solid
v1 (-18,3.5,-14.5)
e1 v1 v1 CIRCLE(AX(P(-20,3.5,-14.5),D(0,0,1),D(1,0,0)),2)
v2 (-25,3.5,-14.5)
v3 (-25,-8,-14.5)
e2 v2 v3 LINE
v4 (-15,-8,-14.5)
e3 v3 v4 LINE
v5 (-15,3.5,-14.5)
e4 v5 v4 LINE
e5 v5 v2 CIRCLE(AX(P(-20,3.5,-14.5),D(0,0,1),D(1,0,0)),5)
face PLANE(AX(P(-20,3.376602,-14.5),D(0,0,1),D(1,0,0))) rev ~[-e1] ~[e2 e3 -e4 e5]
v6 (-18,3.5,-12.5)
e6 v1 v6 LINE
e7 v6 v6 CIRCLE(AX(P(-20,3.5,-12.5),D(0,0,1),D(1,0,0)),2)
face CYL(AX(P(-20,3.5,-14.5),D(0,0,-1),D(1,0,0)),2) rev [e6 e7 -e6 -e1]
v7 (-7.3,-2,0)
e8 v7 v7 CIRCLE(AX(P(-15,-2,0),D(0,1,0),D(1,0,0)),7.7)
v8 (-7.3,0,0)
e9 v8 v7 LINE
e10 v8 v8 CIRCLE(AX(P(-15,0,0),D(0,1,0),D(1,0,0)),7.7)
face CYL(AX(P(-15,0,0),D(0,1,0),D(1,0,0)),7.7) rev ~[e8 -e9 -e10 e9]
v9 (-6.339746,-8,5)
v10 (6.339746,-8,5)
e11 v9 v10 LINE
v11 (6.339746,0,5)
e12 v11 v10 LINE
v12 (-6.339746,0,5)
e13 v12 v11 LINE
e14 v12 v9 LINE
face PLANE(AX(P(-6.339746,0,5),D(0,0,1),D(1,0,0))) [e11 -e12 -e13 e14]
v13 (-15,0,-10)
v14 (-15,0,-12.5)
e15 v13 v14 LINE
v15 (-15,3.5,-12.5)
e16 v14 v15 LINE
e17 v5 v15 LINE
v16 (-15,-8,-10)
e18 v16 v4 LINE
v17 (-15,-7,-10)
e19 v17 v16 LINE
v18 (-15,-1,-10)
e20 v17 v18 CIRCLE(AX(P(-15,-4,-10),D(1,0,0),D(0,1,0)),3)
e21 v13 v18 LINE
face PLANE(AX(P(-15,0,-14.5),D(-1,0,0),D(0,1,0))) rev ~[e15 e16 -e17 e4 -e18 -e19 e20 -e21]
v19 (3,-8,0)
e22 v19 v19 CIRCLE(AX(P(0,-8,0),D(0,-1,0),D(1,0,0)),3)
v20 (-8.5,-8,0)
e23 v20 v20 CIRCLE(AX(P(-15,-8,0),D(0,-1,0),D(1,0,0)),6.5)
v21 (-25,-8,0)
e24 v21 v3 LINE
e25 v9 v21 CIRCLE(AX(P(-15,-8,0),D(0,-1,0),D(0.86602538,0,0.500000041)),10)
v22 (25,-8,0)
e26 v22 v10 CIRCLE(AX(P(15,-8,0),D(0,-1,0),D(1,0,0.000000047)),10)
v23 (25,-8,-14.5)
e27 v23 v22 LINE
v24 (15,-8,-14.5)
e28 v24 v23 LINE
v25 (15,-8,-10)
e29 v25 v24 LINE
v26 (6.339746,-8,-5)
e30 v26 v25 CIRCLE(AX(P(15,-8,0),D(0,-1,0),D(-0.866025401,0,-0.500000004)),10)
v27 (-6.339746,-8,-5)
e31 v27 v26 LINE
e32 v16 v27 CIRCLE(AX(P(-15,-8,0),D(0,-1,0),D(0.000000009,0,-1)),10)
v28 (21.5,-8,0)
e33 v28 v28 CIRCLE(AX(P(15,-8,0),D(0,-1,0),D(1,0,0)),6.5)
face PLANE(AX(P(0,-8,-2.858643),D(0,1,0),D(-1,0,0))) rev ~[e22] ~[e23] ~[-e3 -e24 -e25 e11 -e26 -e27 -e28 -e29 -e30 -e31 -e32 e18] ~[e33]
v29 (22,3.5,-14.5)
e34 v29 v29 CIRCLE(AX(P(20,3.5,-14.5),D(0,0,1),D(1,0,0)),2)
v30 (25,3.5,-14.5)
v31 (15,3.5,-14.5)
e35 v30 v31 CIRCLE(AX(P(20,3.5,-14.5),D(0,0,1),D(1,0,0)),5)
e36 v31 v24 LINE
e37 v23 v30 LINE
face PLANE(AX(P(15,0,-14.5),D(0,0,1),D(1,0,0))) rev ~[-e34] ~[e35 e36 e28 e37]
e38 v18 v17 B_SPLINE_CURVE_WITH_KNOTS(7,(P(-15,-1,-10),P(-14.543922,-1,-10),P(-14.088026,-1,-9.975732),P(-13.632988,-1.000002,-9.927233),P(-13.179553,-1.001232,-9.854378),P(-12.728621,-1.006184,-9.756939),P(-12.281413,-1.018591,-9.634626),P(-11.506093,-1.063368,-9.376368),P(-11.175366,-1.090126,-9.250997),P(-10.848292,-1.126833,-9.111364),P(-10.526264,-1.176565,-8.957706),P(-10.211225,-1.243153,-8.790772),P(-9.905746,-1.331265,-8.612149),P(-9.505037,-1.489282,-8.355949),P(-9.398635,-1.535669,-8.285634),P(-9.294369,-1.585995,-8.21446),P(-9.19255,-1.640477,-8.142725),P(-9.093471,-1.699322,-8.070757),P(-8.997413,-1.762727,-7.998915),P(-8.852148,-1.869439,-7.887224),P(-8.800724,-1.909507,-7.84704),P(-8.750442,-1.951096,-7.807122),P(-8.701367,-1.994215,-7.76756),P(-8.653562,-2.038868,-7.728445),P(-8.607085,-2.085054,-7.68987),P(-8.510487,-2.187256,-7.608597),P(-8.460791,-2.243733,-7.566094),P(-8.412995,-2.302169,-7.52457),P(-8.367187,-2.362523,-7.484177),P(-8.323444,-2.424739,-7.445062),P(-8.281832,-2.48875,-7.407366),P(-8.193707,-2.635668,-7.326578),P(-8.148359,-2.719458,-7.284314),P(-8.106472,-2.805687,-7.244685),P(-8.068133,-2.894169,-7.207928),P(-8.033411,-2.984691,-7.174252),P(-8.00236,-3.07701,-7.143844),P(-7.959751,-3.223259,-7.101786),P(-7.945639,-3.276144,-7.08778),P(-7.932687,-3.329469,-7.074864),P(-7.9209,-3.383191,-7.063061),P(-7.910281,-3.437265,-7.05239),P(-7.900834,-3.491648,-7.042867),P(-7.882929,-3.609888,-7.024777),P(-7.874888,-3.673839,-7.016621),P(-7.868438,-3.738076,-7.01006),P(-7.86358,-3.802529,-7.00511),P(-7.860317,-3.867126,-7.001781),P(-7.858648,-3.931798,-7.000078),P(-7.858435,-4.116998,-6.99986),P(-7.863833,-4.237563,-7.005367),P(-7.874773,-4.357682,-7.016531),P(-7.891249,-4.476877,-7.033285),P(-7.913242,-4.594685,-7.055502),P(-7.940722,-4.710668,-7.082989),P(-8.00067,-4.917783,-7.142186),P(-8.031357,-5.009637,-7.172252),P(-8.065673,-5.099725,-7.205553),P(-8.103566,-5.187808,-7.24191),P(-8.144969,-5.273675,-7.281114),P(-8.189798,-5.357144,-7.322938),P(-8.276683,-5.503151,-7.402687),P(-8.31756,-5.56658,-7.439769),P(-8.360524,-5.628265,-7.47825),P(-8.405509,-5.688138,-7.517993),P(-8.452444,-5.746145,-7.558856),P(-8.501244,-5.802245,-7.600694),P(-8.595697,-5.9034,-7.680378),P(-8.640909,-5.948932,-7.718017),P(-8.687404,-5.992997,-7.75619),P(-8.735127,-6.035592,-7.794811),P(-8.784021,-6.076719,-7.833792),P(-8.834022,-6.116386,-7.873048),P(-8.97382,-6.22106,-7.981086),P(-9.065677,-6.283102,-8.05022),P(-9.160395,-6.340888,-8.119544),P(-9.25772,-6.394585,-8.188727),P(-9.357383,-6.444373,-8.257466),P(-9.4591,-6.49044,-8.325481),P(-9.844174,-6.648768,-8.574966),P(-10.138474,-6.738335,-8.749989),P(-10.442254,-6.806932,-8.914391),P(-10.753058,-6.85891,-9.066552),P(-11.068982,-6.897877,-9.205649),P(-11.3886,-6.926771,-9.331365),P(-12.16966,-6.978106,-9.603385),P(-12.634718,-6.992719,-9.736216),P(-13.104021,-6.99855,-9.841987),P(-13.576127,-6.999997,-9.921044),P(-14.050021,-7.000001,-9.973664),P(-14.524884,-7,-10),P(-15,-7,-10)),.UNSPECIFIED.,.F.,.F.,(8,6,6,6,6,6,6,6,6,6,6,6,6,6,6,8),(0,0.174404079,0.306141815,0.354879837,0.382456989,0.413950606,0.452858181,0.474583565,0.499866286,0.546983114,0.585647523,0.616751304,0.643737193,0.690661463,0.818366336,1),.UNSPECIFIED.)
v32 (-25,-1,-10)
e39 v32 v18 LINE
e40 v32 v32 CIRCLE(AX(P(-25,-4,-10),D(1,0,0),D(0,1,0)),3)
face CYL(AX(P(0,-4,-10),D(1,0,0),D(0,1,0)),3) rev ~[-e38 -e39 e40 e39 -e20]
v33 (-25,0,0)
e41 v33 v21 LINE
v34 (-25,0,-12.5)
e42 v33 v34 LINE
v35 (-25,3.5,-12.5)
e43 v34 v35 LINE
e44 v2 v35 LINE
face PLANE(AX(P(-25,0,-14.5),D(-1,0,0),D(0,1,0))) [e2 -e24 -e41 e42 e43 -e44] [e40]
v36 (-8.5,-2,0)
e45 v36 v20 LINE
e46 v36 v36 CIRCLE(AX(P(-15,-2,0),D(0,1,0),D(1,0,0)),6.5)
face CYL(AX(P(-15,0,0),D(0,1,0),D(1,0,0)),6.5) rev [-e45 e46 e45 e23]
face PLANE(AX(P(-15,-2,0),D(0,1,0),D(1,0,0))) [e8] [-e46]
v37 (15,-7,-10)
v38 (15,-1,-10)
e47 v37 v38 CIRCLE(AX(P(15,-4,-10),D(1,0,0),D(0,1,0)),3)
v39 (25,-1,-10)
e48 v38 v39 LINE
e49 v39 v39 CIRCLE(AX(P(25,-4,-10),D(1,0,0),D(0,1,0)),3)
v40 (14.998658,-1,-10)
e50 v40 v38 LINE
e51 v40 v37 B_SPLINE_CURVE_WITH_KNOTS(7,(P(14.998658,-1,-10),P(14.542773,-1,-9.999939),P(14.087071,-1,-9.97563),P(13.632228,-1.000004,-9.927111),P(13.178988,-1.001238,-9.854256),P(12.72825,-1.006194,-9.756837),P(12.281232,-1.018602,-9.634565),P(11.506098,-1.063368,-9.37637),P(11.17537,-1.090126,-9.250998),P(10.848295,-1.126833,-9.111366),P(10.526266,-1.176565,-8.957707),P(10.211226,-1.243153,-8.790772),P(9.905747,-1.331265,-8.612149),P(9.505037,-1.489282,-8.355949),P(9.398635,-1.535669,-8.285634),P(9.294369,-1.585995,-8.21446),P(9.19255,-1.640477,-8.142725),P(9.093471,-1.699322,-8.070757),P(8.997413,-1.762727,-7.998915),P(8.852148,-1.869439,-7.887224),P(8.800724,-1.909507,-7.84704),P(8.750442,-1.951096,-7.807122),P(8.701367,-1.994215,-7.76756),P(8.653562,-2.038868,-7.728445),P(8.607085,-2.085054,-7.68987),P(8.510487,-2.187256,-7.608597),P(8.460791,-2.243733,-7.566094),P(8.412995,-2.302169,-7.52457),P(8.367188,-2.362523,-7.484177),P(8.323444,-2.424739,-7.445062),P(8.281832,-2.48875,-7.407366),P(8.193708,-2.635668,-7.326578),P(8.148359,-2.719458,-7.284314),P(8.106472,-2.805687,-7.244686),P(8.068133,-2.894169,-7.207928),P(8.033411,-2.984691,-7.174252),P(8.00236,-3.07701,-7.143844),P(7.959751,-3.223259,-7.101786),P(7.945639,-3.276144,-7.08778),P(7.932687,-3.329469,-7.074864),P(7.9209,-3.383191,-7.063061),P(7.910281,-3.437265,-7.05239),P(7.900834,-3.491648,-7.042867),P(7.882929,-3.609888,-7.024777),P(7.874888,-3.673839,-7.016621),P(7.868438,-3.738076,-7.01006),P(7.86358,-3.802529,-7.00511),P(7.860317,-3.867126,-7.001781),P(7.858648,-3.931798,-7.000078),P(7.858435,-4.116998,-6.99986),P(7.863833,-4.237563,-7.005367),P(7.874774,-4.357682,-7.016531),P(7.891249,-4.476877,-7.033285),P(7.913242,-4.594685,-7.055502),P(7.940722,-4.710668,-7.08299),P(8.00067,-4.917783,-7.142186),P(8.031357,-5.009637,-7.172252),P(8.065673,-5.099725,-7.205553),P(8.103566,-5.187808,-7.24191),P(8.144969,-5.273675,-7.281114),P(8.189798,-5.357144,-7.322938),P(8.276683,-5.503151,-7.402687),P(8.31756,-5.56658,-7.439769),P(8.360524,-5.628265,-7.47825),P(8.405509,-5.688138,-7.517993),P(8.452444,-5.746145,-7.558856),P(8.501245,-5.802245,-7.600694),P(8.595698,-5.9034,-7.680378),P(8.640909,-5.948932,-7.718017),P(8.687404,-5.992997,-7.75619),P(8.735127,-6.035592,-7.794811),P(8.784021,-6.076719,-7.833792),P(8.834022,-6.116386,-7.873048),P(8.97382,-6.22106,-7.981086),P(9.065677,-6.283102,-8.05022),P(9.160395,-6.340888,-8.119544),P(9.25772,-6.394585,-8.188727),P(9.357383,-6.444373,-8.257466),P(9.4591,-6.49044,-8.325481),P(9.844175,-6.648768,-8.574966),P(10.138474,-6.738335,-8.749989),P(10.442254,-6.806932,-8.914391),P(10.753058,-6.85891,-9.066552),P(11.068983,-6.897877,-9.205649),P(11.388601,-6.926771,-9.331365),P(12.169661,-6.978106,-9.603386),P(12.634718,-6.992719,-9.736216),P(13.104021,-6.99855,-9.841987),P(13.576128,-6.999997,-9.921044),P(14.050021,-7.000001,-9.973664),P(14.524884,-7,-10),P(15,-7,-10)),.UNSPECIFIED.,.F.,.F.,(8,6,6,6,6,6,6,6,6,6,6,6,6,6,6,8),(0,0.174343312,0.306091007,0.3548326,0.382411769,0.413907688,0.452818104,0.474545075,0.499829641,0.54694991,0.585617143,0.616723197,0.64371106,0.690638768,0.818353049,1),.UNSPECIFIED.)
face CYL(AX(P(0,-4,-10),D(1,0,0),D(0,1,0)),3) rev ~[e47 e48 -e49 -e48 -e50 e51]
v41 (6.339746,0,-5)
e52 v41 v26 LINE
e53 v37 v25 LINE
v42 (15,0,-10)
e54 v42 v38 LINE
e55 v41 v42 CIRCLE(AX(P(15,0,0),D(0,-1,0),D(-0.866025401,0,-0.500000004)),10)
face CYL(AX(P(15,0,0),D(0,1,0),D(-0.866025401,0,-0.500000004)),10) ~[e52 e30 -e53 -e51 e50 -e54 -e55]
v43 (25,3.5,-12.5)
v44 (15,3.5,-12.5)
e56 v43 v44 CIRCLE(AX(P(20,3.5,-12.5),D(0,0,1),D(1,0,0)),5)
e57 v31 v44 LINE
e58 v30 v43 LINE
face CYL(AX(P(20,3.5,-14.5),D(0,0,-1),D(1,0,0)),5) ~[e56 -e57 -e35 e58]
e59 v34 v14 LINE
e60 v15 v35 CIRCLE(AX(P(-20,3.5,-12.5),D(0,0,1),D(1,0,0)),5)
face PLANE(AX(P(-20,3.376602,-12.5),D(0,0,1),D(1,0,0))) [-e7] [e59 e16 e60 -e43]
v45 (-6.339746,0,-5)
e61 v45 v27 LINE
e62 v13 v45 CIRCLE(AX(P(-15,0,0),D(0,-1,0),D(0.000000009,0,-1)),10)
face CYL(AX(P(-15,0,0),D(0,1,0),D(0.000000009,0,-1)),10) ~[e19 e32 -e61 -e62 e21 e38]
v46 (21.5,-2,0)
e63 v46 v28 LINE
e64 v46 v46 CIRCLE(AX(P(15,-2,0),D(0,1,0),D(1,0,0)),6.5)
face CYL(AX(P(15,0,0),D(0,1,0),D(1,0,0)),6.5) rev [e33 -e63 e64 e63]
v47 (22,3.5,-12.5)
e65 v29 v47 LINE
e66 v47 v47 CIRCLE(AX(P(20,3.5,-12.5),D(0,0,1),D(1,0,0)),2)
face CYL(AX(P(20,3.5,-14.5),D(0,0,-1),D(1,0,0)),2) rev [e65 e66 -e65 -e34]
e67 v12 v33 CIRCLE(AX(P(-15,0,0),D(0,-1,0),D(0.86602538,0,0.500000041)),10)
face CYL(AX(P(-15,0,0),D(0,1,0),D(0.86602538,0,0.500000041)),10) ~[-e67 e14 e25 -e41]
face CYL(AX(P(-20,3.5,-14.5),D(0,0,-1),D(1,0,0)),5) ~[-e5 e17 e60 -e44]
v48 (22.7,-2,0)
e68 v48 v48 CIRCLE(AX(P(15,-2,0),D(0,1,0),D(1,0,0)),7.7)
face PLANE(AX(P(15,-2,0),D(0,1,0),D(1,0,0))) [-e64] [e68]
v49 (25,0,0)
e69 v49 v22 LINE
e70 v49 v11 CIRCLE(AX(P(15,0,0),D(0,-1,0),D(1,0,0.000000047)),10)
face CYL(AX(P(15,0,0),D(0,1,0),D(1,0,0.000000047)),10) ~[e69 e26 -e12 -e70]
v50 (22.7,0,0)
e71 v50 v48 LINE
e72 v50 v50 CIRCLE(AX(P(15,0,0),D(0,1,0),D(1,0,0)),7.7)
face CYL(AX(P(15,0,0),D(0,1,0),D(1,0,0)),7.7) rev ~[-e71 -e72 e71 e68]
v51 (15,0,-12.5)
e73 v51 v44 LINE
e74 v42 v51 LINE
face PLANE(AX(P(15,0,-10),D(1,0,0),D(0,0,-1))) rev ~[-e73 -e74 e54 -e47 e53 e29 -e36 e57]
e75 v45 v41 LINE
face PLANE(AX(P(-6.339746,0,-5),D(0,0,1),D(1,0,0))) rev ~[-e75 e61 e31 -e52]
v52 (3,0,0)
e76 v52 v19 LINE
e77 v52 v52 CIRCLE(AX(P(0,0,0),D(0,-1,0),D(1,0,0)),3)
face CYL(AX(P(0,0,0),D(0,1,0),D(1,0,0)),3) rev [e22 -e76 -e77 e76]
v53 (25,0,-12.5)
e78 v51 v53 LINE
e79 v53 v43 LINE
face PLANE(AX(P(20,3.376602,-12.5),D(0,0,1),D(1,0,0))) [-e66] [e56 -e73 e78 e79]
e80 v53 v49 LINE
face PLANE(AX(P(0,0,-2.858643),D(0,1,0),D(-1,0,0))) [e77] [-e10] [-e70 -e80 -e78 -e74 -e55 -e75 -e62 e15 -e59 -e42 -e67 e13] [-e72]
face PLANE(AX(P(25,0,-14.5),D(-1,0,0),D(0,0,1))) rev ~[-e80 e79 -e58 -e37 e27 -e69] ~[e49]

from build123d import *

# Parameters (mm, degrees)
SKETCH002_R     = 6.5
SKETCH002_R_2   = 3
PAD_DEPTH       = 8
SKETCH003_R     = 7.7
POCKET_DEPTH    = 2
SKETCH004_R     = 3
POCKET001_DEPTH = 31
SKETCH005_R     = 2
PAD001_DEPTH    = 2


with BuildPart() as part:
    # Sketch002 → Pad (new body)
    with BuildSketch(Plane.XZ):
        with BuildLine():
            Line((-6.339746, 5), (6.339746, 5))
            ThreePointArc((25, 0), (17.58819, 9.659258), (6.339746, 5))
            Line((25, -14.5), (25, 0))
            Line((15, -14.5), (25, -14.5))
            Line((15, -10), (15, -14.5))
            ThreePointArc((6.339746, -5), (10, -8.660254), (15, -10))
            Line((-6.339746, -5), (6.339746, -5))
            ThreePointArc((-15, -10), (-10, -8.660254), (-6.339746, -5))
            Line((-15, -10), (-15, -14.5))
            Line((-25, -14.5), (-15, -14.5))
            Line((-25, 0), (-25, -14.5))
            ThreePointArc((-6.339746, 5), (-17.58819, 9.659258), (-25, 0))
        make_face()
        with Locations((-15, 0)):
            Circle(SKETCH002_R, mode=Mode.SUBTRACT)
        with Locations((15, 0)):
            Circle(SKETCH002_R, mode=Mode.SUBTRACT)
        Circle(SKETCH002_R_2, mode=Mode.SUBTRACT)
    extrude(amount=PAD_DEPTH)

    # Sketch003 (on Face16 of Pad) → Pocket (cut)
    with BuildSketch(Plane(origin=(0, 0, 0), x_dir=(1, 0, 0), z_dir=(0, 1, 0))):
        with Locations((-15, 0)):
            Circle(SKETCH003_R)
        with Locations((15, 0)):
            Circle(SKETCH003_R)
    extrude(amount=-POCKET_DEPTH, mode=Mode.SUBTRACT)

    # Sketch004 → Pocket001 (cut, symmetric)
    with BuildSketch(Plane.YZ):
        with Locations((-4, -10)):
            Circle(SKETCH004_R)
    extrude(amount=POCKET001_DEPTH, both=True, mode=Mode.SUBTRACT)

    # Sketch005 → Pad001 (join)
    with BuildSketch(Plane.XY.offset(-14.5)):
        with BuildLine():
            Line((-25, 0), (-15, 0))
            Line((-15, 0), (-15, 3.5))
            ThreePointArc((-15, 3.5), (-20, 8.5), (-25, 3.5))
            Line((-25, 0), (-25, 3.5))
        make_face()
        with Locations((-20, 3.5)):
            Circle(SKETCH005_R, mode=Mode.SUBTRACT)
        with BuildLine():
            Line((15, 0), (25, 0))
            Line((25, 0), (25, 3.5))
            ThreePointArc((25, 3.5), (20, 8.5), (15, 3.5))
            Line((15, 0), (15, 3.5))
        make_face()
        with Locations((20, 3.5)):
            Circle(SKETCH005_R, mode=Mode.SUBTRACT)
    extrude(amount=PAD001_DEPTH)


solid = part.part
